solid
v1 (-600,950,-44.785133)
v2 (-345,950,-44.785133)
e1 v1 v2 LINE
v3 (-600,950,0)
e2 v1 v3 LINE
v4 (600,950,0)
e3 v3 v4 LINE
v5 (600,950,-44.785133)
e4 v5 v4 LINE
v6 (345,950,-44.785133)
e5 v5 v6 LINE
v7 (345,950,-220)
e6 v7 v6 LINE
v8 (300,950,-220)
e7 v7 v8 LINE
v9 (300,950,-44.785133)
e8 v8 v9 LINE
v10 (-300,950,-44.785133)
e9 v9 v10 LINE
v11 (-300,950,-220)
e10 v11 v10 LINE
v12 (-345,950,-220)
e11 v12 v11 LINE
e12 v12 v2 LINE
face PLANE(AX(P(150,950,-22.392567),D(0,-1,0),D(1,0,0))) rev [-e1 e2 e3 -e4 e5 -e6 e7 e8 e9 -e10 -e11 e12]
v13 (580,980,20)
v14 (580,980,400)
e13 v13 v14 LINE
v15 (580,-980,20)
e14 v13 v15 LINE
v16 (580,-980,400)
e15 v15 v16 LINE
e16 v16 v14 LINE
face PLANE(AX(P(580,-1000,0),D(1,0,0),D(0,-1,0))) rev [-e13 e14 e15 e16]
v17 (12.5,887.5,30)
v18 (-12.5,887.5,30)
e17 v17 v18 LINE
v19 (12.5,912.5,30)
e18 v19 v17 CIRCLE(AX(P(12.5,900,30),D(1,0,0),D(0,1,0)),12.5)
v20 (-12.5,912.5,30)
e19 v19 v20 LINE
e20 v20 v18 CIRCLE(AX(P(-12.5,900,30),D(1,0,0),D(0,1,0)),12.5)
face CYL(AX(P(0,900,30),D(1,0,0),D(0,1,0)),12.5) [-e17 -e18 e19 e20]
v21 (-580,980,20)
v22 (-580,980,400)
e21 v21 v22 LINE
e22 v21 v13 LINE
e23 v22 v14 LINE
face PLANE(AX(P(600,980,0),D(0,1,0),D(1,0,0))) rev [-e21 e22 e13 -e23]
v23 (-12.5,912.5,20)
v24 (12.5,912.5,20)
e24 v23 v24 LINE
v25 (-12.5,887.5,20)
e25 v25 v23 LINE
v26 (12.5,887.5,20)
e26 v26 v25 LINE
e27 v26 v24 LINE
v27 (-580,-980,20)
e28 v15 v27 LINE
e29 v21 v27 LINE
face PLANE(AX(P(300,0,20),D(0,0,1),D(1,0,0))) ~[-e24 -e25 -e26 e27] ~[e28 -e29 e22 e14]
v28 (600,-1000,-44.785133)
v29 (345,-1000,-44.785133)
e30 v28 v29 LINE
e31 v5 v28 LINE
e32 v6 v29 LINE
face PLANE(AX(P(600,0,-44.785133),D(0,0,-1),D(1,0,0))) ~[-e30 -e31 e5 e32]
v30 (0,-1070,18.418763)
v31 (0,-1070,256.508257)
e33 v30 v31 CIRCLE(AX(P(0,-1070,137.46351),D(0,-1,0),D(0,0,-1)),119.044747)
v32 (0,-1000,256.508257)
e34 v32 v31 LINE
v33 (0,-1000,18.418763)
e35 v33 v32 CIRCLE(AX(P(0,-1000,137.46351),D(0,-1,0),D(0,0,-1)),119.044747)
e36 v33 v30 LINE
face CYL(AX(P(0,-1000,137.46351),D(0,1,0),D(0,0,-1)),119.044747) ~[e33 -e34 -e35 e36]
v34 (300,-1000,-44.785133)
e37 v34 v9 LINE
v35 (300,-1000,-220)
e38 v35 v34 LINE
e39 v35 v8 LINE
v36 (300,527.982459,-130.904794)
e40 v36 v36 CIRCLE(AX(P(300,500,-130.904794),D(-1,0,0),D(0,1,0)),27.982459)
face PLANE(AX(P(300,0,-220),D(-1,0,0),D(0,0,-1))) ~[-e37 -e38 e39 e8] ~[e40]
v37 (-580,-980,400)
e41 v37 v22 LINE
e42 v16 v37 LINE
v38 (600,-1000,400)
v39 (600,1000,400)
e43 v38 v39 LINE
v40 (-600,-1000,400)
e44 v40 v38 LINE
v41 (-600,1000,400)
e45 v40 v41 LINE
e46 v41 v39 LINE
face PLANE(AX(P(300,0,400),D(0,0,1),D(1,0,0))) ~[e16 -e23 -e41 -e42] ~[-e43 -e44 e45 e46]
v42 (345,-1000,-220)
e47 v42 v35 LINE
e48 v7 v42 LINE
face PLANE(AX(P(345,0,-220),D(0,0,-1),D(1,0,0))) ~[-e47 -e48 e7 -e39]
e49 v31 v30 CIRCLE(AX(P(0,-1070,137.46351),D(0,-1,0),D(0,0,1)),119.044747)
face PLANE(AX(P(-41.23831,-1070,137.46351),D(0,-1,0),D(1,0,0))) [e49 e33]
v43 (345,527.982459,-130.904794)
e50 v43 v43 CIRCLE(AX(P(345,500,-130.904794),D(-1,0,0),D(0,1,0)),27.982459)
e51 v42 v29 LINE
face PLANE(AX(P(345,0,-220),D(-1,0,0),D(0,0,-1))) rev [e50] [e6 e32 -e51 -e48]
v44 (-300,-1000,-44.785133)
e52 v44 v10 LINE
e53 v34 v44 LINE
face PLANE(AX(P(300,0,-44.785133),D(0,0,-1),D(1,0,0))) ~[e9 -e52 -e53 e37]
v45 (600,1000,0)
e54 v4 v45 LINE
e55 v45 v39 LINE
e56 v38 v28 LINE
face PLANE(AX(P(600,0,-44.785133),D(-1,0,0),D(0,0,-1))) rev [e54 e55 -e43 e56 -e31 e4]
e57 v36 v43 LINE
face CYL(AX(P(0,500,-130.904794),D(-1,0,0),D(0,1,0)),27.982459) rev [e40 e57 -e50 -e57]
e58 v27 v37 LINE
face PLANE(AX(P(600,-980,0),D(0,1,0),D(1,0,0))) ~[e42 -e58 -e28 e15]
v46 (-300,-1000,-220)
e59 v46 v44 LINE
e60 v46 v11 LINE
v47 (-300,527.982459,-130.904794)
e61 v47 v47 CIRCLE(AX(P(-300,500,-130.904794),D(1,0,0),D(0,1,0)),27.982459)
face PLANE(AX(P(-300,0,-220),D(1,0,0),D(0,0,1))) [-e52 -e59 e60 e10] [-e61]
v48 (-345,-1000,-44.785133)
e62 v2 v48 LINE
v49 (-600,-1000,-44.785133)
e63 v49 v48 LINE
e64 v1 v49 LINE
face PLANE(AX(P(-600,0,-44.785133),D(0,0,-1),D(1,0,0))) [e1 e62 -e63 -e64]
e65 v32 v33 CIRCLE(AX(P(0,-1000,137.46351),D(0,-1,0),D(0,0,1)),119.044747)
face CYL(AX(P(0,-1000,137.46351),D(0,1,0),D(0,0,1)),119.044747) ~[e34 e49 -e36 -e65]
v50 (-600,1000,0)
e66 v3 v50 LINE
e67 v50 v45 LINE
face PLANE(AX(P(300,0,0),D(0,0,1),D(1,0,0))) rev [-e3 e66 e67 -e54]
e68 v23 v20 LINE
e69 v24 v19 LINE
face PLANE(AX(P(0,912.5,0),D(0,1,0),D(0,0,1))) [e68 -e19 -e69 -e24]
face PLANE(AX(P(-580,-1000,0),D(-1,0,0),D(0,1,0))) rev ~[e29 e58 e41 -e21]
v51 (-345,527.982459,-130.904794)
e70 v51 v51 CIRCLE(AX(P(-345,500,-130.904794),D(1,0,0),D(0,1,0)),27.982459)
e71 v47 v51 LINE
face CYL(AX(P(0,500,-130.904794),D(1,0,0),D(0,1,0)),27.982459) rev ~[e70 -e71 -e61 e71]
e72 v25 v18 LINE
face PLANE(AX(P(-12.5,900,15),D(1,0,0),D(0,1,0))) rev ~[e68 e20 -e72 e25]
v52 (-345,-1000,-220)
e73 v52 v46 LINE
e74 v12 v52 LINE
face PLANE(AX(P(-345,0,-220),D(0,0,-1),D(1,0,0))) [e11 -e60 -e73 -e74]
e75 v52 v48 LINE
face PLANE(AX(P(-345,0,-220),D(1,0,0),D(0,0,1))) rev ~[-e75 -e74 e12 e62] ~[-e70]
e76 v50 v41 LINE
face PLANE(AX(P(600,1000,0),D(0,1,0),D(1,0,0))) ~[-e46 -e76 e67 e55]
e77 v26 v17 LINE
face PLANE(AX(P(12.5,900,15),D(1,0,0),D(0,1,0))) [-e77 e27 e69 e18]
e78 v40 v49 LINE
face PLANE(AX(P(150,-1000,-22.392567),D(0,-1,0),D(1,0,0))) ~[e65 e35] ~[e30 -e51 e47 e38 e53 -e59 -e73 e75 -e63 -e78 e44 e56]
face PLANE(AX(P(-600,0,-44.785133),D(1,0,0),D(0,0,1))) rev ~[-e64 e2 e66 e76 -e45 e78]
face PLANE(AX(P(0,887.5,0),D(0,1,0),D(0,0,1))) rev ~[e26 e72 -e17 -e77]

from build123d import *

# Parameters (mm, degrees)
F0_W           = 600
F0_H           = 2000
F1_DEPTH       = 400
F2_T           = -20
F4_DEPTH       = 70
F5_W           = 25
F5_H           = 30
F6_DEPTH       = 12.5
F7_W           = 300
F7_H           = 44.7851331079
F7_W_2         = 45
F7_W_3         = 255
F7_H_2         = 175.2148668921
F8_DEPTH       = 1000
F8_DEPTH_BACK  = 950
F10_R          = 27.9824593268
F11_DEPTH      = 600.001
F11_DEPTH_BACK = 600.001


with BuildPart() as f1:
    # F0 (on Top) → F1 (new body)
    with BuildSketch(Plane.XY):
        with Locations((-300, 0)):
            Rectangle(F0_W, F0_H)
    extrude(amount=F1_DEPTH)

    # F2
    f2_openings = [f1.faces().sort_by_distance(p)[0] for p in [
        (-300, 0, 400),
        (0, 0, 200),
    ]]
    offset(amount=F2_T, openings=f2_openings)

    # F3 (on face) → F4 (join)
    with BuildSketch(Plane.XZ.offset(1000)):
        with BuildLine():
            Line((0, 18.4187632612), (0, 256.5082568117))
            ThreePointArc((0, 256.5082568117), (-119.0447467752, 137.4635100365), (0, 18.4187632612))
        make_face()
        with BuildLine():
            ThreePointArc((0, 18.4187632612), (84.1773477094, 53.2861623271), (119.0447467752, 137.4635100365))
            ThreePointArc((119.0447467752, 137.4635100365), (84.1773477094, 221.6408577459), (0, 256.5082568117))
            Line((0, 256.5082568117), (0, 18.4187632612))
        make_face()
    extrude(amount=F4_DEPTH)

    # F5 (on Right) → F6 (join, symmetric)
    with BuildSketch(Plane.YZ):
        with Locations((900, 15)):
            Rectangle(F5_W, F5_H)
        with BuildLine():
            ThreePointArc((912.5, 30), (900, 42.5), (887.5, 30))
            Line((887.5, 30), (912.5, 30))
        make_face()
    extrude(amount=F6_DEPTH, both=True)

    # F7 (on Front) → F8 (join, two sides)
    with BuildSketch(Plane.XZ) as f8_sk:
        with Locations((-150, -22.392566554)):
            Rectangle(F7_W, F7_H)
        with Locations((-322.5, -22.392566554)):
            Rectangle(F7_W_2, F7_H)
        with Locations((-472.5, -22.392566554)):
            Rectangle(F7_W_3, F7_H)
        with Locations((-322.5, -132.392566554)):
            Rectangle(F7_W_2, F7_H_2)
    extrude(amount=F8_DEPTH)
    extrude(f8_sk.sketch, amount=-F8_DEPTH_BACK)

    # F9: F1 across plane


with BuildPart() as f1_1:
    add(f1.part)
    add(f1.part.mirror(Plane.YZ))

    # F10 (on Right) → F11 (cut, two sides)
    with BuildSketch(Plane.YZ) as f11_sk:
        with Locations((500, -130.9047937393)):
            Circle(F10_R)
    extrude(amount=-F11_DEPTH, mode=Mode.SUBTRACT)
    extrude(f11_sk.sketch, amount=F11_DEPTH_BACK, mode=Mode.SUBTRACT)


solid = f1_1.part
